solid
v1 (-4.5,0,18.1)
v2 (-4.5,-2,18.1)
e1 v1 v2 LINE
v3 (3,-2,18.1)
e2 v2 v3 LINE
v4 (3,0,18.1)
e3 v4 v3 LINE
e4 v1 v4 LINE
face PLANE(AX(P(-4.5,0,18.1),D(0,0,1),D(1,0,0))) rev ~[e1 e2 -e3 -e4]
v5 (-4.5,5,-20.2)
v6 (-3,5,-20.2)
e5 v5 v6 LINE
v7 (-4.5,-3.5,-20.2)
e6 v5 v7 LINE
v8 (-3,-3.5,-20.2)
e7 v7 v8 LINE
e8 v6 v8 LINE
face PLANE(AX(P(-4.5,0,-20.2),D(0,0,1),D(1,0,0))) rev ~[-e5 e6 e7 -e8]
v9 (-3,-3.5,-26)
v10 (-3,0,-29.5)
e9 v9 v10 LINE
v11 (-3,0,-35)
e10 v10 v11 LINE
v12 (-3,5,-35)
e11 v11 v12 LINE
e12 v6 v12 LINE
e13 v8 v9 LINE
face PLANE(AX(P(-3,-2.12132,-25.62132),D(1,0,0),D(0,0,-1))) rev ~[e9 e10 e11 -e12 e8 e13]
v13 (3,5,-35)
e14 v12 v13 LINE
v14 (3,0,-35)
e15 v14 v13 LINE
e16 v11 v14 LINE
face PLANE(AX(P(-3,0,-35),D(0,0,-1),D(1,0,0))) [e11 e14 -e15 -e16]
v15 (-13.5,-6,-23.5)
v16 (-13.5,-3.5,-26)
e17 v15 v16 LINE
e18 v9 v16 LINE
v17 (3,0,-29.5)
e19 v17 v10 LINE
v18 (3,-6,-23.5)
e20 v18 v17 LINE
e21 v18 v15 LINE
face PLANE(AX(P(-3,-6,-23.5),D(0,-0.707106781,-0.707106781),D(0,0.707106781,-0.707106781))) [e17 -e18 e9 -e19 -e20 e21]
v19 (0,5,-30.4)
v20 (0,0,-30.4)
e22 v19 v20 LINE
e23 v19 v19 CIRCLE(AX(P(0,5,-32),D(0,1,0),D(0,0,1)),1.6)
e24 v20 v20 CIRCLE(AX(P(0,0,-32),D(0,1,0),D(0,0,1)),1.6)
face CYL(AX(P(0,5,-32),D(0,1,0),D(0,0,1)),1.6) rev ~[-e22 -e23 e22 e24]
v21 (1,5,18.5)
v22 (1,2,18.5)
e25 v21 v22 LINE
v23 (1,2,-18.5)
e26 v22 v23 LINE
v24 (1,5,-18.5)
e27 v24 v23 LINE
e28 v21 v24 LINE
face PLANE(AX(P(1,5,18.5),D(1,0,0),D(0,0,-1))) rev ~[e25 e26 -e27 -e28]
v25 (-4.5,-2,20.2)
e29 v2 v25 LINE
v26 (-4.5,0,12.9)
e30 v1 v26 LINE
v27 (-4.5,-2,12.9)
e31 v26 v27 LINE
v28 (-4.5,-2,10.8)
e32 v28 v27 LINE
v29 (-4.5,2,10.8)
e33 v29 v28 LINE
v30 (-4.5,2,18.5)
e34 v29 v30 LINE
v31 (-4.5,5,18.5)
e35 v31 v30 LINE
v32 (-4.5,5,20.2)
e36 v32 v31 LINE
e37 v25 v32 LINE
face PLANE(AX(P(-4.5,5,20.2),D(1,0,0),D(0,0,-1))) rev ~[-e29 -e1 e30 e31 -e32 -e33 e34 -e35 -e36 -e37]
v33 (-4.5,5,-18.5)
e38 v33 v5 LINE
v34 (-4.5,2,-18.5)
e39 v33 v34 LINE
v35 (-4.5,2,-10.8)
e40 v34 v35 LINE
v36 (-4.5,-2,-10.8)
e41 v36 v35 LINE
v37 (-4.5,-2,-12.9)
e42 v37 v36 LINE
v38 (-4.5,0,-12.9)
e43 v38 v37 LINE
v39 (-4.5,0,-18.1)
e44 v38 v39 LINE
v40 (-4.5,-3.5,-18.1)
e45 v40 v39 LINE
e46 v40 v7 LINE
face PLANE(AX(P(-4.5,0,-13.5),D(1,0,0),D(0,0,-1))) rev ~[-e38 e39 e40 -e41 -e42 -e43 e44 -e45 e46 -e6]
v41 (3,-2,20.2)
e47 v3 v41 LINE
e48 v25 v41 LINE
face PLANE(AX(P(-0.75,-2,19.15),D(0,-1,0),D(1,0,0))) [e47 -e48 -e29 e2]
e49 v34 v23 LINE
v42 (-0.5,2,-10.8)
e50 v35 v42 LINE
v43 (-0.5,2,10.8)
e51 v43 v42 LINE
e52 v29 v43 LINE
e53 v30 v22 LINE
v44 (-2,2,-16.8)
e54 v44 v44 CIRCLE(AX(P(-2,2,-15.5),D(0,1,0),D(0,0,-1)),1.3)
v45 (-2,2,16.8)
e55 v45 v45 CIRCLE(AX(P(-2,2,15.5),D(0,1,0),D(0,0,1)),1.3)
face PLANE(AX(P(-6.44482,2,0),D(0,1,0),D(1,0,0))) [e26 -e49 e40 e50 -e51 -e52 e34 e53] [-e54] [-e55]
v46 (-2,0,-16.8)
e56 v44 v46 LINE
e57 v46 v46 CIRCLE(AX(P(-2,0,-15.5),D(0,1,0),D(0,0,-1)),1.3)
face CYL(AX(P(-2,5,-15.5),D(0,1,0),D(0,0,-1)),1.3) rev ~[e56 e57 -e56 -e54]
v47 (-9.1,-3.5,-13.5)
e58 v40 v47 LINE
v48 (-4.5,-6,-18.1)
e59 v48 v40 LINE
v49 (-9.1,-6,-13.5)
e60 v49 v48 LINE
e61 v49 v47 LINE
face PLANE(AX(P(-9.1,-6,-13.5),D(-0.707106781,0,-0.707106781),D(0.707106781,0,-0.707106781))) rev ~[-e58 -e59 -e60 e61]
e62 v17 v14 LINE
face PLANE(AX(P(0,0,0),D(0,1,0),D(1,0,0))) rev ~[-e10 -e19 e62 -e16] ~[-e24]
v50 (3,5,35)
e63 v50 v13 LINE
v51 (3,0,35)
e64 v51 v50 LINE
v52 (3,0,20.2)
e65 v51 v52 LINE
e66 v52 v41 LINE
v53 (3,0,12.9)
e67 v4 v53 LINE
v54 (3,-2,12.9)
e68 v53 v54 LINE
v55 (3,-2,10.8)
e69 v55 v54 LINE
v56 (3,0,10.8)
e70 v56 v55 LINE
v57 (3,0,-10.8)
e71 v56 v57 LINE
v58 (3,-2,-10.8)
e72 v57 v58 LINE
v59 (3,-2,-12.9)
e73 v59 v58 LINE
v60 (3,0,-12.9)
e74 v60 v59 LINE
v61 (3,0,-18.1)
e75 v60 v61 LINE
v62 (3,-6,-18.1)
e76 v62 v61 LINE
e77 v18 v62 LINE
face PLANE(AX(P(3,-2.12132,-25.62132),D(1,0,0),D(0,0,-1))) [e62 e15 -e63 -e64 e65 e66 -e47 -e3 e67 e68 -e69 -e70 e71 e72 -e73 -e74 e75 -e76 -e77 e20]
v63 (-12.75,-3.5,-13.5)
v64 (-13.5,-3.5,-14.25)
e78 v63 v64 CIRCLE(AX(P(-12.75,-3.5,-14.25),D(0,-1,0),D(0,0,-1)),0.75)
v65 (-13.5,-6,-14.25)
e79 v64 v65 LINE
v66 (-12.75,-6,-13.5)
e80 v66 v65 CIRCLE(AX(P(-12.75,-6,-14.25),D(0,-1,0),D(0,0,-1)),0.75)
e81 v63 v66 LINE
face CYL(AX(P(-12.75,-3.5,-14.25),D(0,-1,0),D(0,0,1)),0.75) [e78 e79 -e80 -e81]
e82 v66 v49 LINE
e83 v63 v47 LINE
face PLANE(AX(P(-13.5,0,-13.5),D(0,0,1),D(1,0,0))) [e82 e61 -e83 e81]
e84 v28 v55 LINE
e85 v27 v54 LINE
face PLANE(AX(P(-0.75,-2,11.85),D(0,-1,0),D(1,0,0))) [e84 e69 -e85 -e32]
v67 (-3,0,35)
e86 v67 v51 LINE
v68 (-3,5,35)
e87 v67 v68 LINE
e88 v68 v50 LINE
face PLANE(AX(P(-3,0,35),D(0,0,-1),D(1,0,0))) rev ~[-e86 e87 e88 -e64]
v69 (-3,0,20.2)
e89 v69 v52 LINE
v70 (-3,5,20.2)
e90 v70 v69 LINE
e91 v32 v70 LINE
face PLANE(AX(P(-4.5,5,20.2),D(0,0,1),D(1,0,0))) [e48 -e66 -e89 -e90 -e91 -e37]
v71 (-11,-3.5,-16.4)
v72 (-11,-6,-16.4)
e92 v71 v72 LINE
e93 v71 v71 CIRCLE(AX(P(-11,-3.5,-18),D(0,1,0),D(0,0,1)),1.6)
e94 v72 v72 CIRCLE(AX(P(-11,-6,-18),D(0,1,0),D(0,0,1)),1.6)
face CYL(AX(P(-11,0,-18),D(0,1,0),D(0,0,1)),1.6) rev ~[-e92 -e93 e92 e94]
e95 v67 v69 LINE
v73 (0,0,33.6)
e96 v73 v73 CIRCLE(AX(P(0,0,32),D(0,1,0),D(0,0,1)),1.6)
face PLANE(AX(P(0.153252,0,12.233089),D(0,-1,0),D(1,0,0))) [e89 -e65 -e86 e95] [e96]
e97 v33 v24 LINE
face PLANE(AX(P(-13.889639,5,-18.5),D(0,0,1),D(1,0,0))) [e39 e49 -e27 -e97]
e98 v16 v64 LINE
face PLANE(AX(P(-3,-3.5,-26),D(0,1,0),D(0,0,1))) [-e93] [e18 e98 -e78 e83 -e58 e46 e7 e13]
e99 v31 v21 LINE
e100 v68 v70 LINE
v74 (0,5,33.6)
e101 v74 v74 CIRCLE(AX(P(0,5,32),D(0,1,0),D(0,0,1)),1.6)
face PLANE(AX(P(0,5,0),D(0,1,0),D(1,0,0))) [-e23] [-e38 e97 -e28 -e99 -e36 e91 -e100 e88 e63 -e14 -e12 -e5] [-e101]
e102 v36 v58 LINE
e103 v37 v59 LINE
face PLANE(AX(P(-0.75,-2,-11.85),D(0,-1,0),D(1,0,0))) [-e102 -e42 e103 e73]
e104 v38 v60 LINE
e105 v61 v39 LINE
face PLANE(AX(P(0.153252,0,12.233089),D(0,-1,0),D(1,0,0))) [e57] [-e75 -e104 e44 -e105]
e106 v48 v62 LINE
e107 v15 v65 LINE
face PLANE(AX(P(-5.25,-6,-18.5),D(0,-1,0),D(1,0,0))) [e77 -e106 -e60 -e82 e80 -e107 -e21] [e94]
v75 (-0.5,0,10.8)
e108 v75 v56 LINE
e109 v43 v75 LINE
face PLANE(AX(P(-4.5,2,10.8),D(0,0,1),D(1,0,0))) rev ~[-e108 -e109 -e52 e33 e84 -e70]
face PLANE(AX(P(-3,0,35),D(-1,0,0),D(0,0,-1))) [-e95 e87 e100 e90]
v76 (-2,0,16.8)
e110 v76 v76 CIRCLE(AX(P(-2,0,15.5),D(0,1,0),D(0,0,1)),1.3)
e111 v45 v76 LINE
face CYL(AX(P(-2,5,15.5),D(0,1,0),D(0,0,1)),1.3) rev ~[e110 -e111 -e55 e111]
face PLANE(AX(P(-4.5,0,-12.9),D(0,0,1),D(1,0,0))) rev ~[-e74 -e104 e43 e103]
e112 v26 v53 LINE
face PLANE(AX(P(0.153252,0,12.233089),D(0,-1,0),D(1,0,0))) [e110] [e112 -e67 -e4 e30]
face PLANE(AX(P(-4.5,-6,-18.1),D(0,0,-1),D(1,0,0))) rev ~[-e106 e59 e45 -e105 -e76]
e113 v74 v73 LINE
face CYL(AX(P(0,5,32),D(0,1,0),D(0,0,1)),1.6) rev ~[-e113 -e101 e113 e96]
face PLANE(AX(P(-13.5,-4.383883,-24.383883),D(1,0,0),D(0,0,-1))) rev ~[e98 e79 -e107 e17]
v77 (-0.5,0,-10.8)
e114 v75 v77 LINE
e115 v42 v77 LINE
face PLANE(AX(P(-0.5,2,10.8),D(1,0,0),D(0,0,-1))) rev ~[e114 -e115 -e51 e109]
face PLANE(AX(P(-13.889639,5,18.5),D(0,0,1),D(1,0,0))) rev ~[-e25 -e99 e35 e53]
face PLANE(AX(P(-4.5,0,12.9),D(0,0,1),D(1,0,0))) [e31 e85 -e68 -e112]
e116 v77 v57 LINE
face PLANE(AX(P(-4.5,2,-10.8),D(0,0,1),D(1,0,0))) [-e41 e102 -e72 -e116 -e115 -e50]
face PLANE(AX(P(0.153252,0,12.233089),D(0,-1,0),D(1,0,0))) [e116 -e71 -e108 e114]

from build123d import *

# Parameters (mm, degrees)
SKETCH1_W           = 6
SKETCH1_H           = 70
BOSS_EXTRUDE1_DEPTH = 5
SKETCH2_R           = 1.6
CUT_EXTRUDE1_DEPTH  = 36.482389998
SKETCH5_W           = 1.5
SKETCH5_H           = 40.4
BOSS_EXTRUDE2_DEPTH = 5
SKETCH7_W           = 14.889639403
SKETCH7_H           = 37
CUT_EXTRUDE5_DEPTH  = 3
SKETCH8_W           = 4
SKETCH8_H           = 21.6
CUT_EXTRUDE6_DEPTH  = 3
SKETCH9_W           = 16.5
SKETCH9_H           = 10
BOSS_EXTRUDE3_DEPTH = 6
SKETCH6_R           = 1.3
CUT_EXTRUDE4_DEPTH  = 40.092838219
SKETCH10_R          = 1.6
CUT_EXTRUDE7_DEPTH  = 9
CUT_EXTRUDE8_DEPTH  = 3.5
BOSS_EXTRUDE4_DEPTH = 6
CUT_EXTRUDE10_REACH = 41.093
BOSS_EXTRUDE5_DEPTH = 10.5
FILLET3_R           = 0.75
SKETCH16_W          = 7.5
SKETCH16_H          = 2.1
BOSS_EXTRUDE6_DEPTH = 2


with BuildPart() as part:
    # Sketch1 → Boss-Extrude1 (new body)
    with BuildSketch(Plane(origin=(0, 0, 0), x_dir=(1, 0, 0), z_dir=(0, 1, 0))):
        Rectangle(SKETCH1_W, SKETCH1_H)
    extrude(amount=BOSS_EXTRUDE1_DEPTH)

    # Sketch2 → Cut-Extrude1 (cut, through all)
    with BuildSketch(Plane(origin=(0, 5, 0), x_dir=(1, 0, 0), z_dir=(0, 1, 0))):
        with Locations(Location((0, -32, 0), (0, 0, 270))):
            Circle(SKETCH2_R)
        with Locations(Location((0, 32, 0), (0, 0, 270))):
            Circle(SKETCH2_R)
    extrude(amount=-CUT_EXTRUDE1_DEPTH, mode=Mode.SUBTRACT)

    # Sketch5 → Boss-Extrude2 (add)
    with BuildSketch(Plane(origin=(0, 5, 0), x_dir=(1, 0, 0), z_dir=(0, 1, 0))):
        with Locations((-3.75, 0)):
            Rectangle(SKETCH5_W, SKETCH5_H)
    extrude(amount=-BOSS_EXTRUDE2_DEPTH)

    # Sketch7 → Cut-Extrude5 (cut)
    with BuildSketch(Plane(origin=(0, 5, 0), x_dir=(1, 0, 0), z_dir=(0, 1, 0))):
        with Locations((-6.444819702, 0)):
            Rectangle(SKETCH7_W, SKETCH7_H)
    extrude(amount=-CUT_EXTRUDE5_DEPTH, mode=Mode.SUBTRACT)

    # Sketch8 → Cut-Extrude6 (cut)
    with BuildSketch(Plane(origin=(0, 2, 0), x_dir=(1, 0, 0), z_dir=(0, 1, 0))):
        with Locations((-2.5, 0)):
            Rectangle(SKETCH8_W, SKETCH8_H)
    extrude(amount=-CUT_EXTRUDE6_DEPTH, mode=Mode.SUBTRACT)

    # Sketch9 → Boss-Extrude3 (add)
    with BuildSketch(Plane.XZ):
        with Locations((-5.25, -18.5)):
            Rectangle(SKETCH9_W, SKETCH9_H)
    extrude(amount=BOSS_EXTRUDE3_DEPTH)

    # Sketch6 → Cut-Extrude4 (cut, through all)
    with BuildSketch(Plane(origin=(0, 5, 0), x_dir=(1, 0, 0), z_dir=(0, 1, 0))):
        with Locations(Location((-2, 15.5, 0), (0, 0, 90))):
            Circle(SKETCH6_R)
        with Locations(Location((-2, -15.5, 0), (0, 0, 270))):
            Circle(SKETCH6_R)
    extrude(amount=-CUT_EXTRUDE4_DEPTH, mode=Mode.SUBTRACT)

    # Sketch10 → Cut-Extrude7 (cut)
    with BuildSketch(Plane(origin=(0, 0, 0), x_dir=(1, 0, 0), z_dir=(0, 1, 0))):
        with Locations(Location((-11, 18, 0), (0, 0, 270))):
            Circle(SKETCH10_R)
    extrude(amount=-CUT_EXTRUDE7_DEPTH, mode=Mode.SUBTRACT)

    # Sketch11 → Cut-Extrude8 (cut)
    with BuildSketch(Plane(origin=(0, 0, 0), x_dir=(1, 0, 0), z_dir=(0, 1, 0))):
        Polygon((-13.5, 13.5), (-4.5, 13.5), (-4.5, 20.2), (-3, 20.2), (-3, 23.5), (-13.5, 23.5), align=None)
    extrude(amount=-CUT_EXTRUDE8_DEPTH, mode=Mode.SUBTRACT)

    # Sketch13 → Boss-Extrude4 (add)
    with BuildSketch(Plane(origin=(3, 0, 0), x_dir=(0, 0, -1), z_dir=(1, 0, 0))):
        Polygon((23.5, -6), (29.5, 0), (23.5, 0), align=None)
    extrude(amount=-BOSS_EXTRUDE4_DEPTH)

    # Cut-Extrude10: up to this face of the body (flat: up to its plane)
    cut_extrude10_end = Plane(part.part.faces().sort_by_distance((0.153252085, 0, 12.233088701))[0])
    # Sketch14 → Cut-Extrude10 (cut, up to the picked face)
    with BuildSketch(Plane.XZ.offset(6), mode=Mode.PRIVATE) as cut_extrude10_sk1:
        Polygon((-4.5, -18.1), (5.195583007, -18.1), (5.195583007, -13.5), (-9.1, -13.5), align=None)
    cut_extrude10_tool1 = split(extrude(cut_extrude10_sk1.sketch, amount=-CUT_EXTRUDE10_REACH, mode=Mode.PRIVATE), bisect_by=cut_extrude10_end, keep=Keep.BOTH, mode=Mode.PRIVATE)
    add(cut_extrude10_tool1.solids().sort_by(Axis((-0.875708, -6, -15.653001), (0, 1, 0)))[0], mode=Mode.SUBTRACT)

    # Sketch15 → Boss-Extrude5 (add)
    with BuildSketch(Plane.ZY.offset(3)):
        Polygon((-23.5, -3.5), (-23.5, -6), (-26, -3.5), align=None)
    extrude(amount=BOSS_EXTRUDE5_DEPTH)

    # Fillet3
    fillet3_edges = [part.edges().sort_by_distance(p)[0] for p in [
        (-13.5, -4.75, -13.5),
    ]]
    fillet(fillet3_edges, radius=FILLET3_R)

    # Sketch16 → Boss-Extrude6 (add)
    with BuildSketch(Plane.XZ):
        with Locations((-0.75, -19.15)):
            Rectangle(SKETCH16_W, SKETCH16_H)
        with Locations((-0.75, -11.85)):
            Rectangle(SKETCH16_W, SKETCH16_H)
        with Locations((-0.75, 11.85)):
            Rectangle(SKETCH16_W, SKETCH16_H)
        with Locations((-0.75, 19.15)):
            Rectangle(SKETCH16_W, SKETCH16_H)
    extrude(amount=BOSS_EXTRUDE6_DEPTH)


solid = part.part
